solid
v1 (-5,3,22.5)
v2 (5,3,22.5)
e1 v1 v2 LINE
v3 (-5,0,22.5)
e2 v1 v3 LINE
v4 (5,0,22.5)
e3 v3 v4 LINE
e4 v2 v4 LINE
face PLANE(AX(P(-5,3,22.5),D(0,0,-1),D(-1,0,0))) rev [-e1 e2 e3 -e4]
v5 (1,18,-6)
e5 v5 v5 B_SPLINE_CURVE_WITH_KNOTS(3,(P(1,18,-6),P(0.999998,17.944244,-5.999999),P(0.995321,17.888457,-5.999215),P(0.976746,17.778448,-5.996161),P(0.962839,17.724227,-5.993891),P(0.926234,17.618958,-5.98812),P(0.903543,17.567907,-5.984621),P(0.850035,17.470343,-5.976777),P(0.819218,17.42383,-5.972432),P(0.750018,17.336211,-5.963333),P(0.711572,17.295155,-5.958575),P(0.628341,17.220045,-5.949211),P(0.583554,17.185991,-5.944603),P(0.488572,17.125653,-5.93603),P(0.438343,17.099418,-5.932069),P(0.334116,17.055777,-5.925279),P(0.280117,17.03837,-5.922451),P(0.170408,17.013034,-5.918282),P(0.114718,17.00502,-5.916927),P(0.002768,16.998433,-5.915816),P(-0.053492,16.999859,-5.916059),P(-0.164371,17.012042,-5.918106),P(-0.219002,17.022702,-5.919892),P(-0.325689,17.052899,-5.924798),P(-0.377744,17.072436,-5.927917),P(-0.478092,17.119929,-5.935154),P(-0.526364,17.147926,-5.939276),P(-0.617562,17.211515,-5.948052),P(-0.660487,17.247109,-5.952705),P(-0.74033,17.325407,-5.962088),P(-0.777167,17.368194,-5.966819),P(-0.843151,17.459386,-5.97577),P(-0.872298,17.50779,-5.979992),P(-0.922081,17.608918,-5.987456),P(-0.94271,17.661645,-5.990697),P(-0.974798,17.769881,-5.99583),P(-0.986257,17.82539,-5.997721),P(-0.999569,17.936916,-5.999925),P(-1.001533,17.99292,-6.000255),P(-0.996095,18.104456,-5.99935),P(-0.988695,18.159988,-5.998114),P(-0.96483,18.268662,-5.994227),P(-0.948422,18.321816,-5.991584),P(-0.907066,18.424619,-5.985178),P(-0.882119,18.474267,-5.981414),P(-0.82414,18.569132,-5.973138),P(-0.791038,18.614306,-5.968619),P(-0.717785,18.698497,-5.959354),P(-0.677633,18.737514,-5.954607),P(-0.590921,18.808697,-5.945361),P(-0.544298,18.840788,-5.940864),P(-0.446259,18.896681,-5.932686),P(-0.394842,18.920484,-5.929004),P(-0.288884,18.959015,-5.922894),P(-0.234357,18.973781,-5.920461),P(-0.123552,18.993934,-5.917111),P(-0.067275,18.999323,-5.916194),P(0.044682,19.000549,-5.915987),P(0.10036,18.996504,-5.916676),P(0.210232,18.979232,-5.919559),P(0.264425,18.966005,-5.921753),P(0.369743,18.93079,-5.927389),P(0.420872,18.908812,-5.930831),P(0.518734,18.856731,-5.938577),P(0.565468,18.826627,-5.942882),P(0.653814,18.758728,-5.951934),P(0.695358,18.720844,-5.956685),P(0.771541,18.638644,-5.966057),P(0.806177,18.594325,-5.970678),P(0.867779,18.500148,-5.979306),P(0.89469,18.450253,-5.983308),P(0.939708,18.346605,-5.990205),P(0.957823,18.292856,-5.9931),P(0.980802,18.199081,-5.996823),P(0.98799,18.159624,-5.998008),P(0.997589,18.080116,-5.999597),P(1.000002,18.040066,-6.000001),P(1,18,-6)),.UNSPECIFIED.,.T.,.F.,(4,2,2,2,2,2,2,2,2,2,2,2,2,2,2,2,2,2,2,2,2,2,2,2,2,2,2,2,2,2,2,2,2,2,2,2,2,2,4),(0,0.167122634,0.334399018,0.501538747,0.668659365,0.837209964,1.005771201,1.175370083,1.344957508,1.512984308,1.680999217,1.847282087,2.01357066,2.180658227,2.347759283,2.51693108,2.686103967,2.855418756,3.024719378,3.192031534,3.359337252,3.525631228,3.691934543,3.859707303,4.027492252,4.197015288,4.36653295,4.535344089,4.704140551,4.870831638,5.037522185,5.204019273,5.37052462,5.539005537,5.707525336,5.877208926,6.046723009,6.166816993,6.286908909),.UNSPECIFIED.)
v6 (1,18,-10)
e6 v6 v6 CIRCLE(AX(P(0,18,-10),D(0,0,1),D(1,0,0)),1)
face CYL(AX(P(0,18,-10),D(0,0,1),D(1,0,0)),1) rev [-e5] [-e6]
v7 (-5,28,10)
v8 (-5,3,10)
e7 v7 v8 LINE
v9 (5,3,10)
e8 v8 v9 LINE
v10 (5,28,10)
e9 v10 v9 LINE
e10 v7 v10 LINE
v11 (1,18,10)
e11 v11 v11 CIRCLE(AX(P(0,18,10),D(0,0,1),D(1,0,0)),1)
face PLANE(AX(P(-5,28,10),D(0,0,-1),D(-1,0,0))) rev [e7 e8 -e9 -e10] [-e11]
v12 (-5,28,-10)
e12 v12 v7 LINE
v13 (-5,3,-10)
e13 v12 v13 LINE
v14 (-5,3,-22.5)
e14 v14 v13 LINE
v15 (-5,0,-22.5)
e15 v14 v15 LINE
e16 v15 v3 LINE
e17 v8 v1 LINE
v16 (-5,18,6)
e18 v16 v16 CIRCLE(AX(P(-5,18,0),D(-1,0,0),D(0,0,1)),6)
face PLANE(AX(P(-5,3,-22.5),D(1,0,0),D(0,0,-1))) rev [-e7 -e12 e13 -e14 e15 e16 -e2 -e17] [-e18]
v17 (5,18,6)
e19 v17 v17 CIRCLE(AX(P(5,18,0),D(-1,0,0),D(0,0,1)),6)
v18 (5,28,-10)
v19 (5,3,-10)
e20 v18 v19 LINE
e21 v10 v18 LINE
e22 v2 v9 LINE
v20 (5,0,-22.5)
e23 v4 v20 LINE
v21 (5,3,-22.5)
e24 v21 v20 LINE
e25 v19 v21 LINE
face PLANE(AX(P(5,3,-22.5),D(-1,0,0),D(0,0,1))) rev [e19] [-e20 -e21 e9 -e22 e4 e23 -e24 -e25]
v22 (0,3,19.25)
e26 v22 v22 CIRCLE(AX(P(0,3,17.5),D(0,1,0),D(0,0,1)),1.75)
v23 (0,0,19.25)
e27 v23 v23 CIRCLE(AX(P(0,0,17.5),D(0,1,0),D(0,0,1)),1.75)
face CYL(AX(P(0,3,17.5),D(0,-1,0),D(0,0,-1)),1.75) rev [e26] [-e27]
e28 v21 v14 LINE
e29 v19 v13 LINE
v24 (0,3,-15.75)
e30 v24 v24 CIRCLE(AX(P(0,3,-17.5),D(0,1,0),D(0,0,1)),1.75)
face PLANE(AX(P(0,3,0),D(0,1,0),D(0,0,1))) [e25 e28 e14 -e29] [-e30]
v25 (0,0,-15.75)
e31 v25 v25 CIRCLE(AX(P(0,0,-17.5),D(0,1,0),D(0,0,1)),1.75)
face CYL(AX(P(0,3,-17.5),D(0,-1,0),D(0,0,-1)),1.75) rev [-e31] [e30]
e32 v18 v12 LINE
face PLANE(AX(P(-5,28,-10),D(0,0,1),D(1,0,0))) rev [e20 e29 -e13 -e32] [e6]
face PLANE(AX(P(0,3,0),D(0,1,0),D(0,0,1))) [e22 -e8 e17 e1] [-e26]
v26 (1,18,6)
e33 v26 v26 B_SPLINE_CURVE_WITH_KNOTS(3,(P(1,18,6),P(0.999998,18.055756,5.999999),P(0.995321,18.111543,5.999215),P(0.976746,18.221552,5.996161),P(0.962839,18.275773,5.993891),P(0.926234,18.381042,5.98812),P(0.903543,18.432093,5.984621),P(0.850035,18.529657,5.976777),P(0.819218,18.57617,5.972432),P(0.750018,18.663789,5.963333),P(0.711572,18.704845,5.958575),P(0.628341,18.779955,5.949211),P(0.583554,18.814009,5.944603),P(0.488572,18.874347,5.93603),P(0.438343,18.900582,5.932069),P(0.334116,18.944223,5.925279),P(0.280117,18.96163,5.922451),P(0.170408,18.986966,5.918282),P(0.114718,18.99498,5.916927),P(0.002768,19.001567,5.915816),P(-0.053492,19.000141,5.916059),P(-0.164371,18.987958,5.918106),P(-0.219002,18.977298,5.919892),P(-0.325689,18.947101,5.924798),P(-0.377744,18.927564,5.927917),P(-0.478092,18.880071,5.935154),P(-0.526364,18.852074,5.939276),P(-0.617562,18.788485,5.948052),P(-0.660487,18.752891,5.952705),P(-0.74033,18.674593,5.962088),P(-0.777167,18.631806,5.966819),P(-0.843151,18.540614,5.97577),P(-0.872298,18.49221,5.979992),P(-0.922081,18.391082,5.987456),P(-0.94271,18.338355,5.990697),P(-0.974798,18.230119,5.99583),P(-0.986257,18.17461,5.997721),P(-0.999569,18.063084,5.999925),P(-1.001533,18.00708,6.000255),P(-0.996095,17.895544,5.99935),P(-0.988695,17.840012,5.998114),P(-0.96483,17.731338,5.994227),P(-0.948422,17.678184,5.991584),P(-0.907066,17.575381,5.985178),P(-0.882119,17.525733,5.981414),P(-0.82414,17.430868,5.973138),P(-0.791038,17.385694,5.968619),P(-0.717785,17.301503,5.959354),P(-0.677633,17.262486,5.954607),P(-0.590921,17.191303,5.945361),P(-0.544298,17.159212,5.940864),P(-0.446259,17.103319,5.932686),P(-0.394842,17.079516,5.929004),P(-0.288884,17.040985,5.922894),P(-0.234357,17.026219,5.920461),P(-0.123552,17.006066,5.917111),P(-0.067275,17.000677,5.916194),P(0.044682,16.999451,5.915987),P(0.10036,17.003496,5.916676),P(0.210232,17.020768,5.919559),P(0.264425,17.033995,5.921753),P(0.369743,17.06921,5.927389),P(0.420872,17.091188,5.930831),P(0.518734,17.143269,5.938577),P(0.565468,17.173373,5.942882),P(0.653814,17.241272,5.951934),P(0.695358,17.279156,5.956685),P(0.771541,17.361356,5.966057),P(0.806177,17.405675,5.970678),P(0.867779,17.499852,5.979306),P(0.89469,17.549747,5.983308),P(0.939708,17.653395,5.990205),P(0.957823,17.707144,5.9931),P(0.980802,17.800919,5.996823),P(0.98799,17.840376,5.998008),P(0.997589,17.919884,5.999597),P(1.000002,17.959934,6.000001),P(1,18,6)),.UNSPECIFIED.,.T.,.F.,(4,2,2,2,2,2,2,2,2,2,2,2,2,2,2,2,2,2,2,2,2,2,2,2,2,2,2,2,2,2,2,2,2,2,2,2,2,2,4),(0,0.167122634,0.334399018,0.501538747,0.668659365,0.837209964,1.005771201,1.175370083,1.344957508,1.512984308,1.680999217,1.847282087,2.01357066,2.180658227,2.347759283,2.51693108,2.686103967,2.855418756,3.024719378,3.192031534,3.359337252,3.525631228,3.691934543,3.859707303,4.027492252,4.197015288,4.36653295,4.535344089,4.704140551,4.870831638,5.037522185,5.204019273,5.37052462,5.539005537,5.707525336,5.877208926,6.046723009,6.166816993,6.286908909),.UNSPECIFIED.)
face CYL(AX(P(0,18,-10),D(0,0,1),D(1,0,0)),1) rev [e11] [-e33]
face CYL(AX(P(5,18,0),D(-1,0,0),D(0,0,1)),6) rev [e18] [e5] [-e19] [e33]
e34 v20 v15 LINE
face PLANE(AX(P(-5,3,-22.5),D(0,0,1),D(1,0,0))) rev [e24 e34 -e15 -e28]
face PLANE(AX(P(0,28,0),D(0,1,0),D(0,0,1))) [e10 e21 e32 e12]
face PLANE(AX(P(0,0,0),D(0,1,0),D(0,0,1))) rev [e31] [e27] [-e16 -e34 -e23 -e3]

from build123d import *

# Parameters (mm, degrees)
SKETCH2_W           = 10
SKETCH2_H           = 45
SKETCH2_R           = 1.75
BOSS_EXTRUDE1_DEPTH = 3
SKETCH3_W           = 10
SKETCH3_H           = 20
BOSS_EXTRUDE2_DEPTH = 25
SKETCH4_R           = 6
CUT_EXTRUDE1_DEPTH  = 10
SKETCH5_R           = 1
CUT_EXTRUDE2_DEPTH  = 20


with BuildPart() as part:
    # Sketch2 → Boss-Extrude1 (new body)
    with BuildSketch(Plane(origin=(0, 0, 0), x_dir=(1, 0, 0), z_dir=(0, 1, 0))):
        Rectangle(SKETCH2_W, SKETCH2_H)
        with Locations(Location((0, 17.5, 0), (0, 0, 270))):
            Circle(SKETCH2_R, mode=Mode.SUBTRACT)
        with Locations(Location((0, -17.5, 0), (0, 0, 270))):
            Circle(SKETCH2_R, mode=Mode.SUBTRACT)
    extrude(amount=BOSS_EXTRUDE1_DEPTH)

    # Sketch3 → Boss-Extrude2 (add)
    with BuildSketch(Plane(origin=(0, 3, 0), x_dir=(1, 0, 0), z_dir=(0, 1, 0))):
        Rectangle(SKETCH3_W, SKETCH3_H)
    extrude(amount=BOSS_EXTRUDE2_DEPTH)

    # Sketch4 → Cut-Extrude1 (cut)
    with BuildSketch(Plane.ZY.offset(5)):
        with Locations((0, 18)):
            Circle(SKETCH4_R)
    extrude(amount=-CUT_EXTRUDE1_DEPTH, mode=Mode.SUBTRACT)

    # Sketch5 → Cut-Extrude2 (cut)
    with BuildSketch(Plane.XY.offset(10)):
        with Locations((0, 18)):
            Circle(SKETCH5_R)
    extrude(amount=-CUT_EXTRUDE2_DEPTH, mode=Mode.SUBTRACT)


solid = part.part
